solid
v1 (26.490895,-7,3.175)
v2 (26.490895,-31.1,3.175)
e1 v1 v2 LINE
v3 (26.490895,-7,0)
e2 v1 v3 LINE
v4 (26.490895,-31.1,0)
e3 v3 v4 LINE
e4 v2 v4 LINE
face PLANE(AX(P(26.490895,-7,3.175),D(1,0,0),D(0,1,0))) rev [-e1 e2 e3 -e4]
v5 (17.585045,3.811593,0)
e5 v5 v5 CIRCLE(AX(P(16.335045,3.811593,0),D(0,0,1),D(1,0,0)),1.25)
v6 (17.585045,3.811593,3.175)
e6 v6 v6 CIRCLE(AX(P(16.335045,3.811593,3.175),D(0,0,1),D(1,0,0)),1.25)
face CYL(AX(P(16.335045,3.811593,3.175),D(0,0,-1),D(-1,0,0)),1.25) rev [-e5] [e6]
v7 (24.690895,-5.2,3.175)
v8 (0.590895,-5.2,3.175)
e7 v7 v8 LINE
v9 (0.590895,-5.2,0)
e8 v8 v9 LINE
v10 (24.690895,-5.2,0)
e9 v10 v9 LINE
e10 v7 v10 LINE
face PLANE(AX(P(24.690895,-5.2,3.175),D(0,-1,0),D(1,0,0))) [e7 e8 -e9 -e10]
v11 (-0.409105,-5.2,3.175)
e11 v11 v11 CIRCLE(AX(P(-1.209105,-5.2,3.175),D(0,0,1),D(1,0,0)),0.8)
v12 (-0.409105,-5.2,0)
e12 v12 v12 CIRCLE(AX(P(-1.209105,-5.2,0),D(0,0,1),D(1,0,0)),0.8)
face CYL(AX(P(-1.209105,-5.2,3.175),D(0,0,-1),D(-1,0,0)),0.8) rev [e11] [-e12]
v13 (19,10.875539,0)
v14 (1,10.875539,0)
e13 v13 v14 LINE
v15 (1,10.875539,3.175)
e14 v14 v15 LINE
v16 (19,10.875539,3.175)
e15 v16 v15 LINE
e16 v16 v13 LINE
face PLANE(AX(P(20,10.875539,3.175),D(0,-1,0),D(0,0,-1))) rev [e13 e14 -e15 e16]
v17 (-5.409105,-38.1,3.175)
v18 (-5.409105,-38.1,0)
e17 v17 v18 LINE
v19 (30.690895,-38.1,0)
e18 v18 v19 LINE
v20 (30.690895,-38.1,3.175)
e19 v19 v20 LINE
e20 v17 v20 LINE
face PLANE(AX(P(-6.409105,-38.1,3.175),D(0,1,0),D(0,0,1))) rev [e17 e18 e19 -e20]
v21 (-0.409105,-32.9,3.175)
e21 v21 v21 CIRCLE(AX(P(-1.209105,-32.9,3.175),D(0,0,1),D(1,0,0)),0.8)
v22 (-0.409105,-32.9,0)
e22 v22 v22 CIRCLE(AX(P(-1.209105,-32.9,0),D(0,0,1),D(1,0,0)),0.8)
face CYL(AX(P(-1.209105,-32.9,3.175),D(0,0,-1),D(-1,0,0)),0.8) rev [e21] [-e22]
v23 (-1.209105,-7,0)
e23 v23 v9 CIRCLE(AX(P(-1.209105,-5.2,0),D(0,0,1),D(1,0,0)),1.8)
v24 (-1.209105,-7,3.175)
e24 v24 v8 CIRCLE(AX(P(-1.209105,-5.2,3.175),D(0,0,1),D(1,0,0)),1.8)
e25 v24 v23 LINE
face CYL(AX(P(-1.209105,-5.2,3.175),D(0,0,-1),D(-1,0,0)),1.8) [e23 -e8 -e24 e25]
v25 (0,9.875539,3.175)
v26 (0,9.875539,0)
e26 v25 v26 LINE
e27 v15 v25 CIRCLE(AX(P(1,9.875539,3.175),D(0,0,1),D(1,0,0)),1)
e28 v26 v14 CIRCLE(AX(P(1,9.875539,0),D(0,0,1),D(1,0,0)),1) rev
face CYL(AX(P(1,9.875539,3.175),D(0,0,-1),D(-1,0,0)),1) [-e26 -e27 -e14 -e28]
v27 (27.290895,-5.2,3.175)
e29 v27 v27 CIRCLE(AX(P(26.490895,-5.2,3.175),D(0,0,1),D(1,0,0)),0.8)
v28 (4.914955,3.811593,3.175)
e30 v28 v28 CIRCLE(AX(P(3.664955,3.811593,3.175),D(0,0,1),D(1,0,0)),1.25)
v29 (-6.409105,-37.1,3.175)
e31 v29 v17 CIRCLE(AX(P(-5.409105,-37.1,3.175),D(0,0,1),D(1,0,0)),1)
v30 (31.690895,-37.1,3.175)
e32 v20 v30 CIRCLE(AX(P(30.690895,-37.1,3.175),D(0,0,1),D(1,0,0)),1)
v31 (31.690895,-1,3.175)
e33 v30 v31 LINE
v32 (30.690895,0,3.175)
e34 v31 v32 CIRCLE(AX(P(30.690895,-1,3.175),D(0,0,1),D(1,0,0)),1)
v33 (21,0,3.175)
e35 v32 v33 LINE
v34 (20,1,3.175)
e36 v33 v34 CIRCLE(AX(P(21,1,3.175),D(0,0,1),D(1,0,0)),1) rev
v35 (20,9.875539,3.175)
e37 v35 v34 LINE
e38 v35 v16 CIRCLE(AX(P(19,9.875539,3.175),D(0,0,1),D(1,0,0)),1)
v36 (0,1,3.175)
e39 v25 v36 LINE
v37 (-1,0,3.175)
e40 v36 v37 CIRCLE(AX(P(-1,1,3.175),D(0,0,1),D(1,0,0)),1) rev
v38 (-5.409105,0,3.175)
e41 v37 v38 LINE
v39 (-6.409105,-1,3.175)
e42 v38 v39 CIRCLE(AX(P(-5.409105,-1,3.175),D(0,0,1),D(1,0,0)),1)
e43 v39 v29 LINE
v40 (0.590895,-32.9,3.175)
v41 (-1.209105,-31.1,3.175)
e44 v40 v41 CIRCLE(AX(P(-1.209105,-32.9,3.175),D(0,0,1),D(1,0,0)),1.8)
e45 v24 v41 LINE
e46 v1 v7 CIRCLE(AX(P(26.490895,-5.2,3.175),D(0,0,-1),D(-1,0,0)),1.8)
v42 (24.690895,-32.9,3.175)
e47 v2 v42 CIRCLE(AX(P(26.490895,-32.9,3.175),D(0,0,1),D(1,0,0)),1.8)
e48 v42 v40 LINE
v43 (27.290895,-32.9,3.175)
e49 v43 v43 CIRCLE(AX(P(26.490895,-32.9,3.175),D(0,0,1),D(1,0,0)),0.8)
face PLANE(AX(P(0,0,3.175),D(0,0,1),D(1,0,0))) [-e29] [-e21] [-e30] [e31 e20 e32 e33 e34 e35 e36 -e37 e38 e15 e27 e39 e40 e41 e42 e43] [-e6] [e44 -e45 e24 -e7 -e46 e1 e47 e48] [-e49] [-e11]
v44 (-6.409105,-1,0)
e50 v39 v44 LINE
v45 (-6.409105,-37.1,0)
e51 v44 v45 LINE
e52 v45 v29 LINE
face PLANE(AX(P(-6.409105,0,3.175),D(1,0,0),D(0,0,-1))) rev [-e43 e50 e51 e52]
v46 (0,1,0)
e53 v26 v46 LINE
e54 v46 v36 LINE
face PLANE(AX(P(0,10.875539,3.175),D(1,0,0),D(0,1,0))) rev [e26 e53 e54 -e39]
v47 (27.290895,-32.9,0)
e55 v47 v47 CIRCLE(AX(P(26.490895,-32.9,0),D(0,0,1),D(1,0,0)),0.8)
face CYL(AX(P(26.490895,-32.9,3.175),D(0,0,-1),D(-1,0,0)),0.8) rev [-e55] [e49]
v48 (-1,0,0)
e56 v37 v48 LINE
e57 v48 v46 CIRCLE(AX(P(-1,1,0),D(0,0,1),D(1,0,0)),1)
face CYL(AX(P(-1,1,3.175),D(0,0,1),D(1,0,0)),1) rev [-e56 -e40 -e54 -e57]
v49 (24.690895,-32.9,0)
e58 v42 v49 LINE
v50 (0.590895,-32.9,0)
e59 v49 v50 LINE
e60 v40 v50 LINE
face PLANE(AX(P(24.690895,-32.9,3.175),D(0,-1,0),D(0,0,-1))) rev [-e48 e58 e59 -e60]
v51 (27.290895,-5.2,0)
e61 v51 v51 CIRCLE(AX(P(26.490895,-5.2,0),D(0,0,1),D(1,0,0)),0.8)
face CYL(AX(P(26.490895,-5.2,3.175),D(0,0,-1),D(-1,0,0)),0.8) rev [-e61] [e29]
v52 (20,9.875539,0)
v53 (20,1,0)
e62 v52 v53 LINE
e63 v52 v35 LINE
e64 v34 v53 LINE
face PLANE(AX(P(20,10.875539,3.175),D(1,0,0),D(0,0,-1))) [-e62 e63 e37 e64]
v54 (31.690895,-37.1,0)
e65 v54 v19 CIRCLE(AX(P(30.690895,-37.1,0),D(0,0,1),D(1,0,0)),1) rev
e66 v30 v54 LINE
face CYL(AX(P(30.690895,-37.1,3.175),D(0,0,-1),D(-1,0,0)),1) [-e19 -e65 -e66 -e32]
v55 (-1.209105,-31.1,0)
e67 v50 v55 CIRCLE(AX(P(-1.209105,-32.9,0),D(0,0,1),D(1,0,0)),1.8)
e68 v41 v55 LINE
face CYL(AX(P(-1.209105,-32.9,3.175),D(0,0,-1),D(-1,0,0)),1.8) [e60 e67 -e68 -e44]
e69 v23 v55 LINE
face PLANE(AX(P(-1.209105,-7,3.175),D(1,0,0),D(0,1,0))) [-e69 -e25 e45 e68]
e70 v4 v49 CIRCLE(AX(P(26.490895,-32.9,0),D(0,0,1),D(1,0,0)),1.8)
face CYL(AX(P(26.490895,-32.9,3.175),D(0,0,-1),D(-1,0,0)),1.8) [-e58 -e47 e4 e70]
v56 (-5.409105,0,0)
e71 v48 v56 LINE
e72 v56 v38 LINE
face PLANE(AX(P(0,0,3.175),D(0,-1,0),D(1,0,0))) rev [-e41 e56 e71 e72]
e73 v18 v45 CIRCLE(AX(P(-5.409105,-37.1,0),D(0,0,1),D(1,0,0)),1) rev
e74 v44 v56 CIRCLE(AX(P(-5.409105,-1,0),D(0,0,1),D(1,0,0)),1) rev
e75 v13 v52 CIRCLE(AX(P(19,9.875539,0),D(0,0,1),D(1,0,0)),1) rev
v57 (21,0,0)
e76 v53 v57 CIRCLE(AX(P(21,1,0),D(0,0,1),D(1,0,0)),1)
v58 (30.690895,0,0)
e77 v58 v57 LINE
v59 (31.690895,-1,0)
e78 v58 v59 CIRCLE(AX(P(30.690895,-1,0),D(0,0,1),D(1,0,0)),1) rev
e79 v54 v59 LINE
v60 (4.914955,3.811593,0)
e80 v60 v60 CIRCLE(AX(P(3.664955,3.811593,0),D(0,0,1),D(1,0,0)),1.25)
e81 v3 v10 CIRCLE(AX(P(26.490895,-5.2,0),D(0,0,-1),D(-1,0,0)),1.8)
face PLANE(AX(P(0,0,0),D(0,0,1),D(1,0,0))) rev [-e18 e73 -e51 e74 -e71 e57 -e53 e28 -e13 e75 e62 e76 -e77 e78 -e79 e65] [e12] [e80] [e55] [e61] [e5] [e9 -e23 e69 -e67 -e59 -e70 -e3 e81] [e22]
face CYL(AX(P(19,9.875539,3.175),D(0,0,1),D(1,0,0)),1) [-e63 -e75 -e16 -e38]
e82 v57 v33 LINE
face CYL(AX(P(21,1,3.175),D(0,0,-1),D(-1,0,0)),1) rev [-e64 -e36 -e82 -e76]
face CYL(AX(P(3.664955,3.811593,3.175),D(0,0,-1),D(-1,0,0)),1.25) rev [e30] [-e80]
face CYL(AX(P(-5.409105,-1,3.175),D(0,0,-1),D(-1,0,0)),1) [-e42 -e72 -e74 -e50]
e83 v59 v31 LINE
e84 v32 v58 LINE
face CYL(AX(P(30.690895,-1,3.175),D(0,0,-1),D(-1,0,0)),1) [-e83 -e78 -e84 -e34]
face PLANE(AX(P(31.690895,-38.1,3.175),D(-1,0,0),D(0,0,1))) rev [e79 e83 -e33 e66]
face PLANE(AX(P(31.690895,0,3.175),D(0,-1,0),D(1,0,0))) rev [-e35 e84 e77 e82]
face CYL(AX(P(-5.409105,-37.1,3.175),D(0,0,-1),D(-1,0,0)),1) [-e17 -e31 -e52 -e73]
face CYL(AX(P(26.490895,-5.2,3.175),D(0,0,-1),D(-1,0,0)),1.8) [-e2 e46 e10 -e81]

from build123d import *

# Parameters (mm, degrees)
SKETCH1_R           = 0.8
SKETCH1_R_2         = 1.25
BOSS_EXTRUDE1_DEPTH = 3.175
FILLET1_R           = 1


with BuildPart() as part:
    # Sketch1 → Boss-Extrude1 (new body)
    with BuildSketch(Plane.XY):
        Polygon((31.690894529, -38.1), (31.690894529, 0), (20, 0), (20, 10.87553853), (0, 10.87553853), (0, 0), (-6.409105471, 0), (-6.409105471, -38.1), align=None)
        with Locations((26.490894529, -32.9)):
            Circle(SKETCH1_R, mode=Mode.SUBTRACT)
        with Locations((-1.209105471, -32.9)):
            Circle(SKETCH1_R, mode=Mode.SUBTRACT)
        with Locations((-1.209105471, -5.2)):
            Circle(SKETCH1_R, mode=Mode.SUBTRACT)
        with Locations((26.490894529, -5.2)):
            Circle(SKETCH1_R, mode=Mode.SUBTRACT)
        with Locations((16.335044769, 3.811593223)):
            Circle(SKETCH1_R_2, mode=Mode.SUBTRACT)
        with Locations((3.664955231, 3.811593223)):
            Circle(SKETCH1_R_2, mode=Mode.SUBTRACT)
        with BuildLine():
            Line((26.490894529, -7), (26.490894529, -31.1))
            ThreePointArc((26.490894529, -31.1), (25.218102323, -31.627207794), (24.690894529, -32.9))
            Line((24.690894529, -32.9), (0.590894529, -32.9))
            ThreePointArc((0.590894529, -32.9), (0.063686735, -31.627207794), (-1.209105471, -31.1))
            Line((-1.209105471, -31.1), (-1.209105471, -7))
            ThreePointArc((-1.209105471, -7), (0.063686735, -6.472792206), (0.590894529, -5.2))
            Line((0.590894529, -5.2), (24.690894529, -5.2))
            ThreePointArc((24.690894529, -5.2), (25.218102323, -6.472792206), (26.490894529, -7))
        make_face(mode=Mode.SUBTRACT)
    extrude(amount=BOSS_EXTRUDE1_DEPTH)

    # Fillet1
    fillet1_edges = [part.edges().sort_by_distance(p)[0] for p in [
        (20, 10.87553853, 1.5875),
        (20, 0, 1.5875),
        (31.690894529, 0, 1.5875),
        (31.690894529, -38.1, 1.5875),
        (-6.409105471, -38.1, 1.5875),
        (-6.409105471, 0, 1.5875),
        (0, 0, 1.5875),
        (0, 10.87553853, 1.5875),
    ]]
    fillet(fillet1_edges, radius=FILLET1_R)


solid = part.part
